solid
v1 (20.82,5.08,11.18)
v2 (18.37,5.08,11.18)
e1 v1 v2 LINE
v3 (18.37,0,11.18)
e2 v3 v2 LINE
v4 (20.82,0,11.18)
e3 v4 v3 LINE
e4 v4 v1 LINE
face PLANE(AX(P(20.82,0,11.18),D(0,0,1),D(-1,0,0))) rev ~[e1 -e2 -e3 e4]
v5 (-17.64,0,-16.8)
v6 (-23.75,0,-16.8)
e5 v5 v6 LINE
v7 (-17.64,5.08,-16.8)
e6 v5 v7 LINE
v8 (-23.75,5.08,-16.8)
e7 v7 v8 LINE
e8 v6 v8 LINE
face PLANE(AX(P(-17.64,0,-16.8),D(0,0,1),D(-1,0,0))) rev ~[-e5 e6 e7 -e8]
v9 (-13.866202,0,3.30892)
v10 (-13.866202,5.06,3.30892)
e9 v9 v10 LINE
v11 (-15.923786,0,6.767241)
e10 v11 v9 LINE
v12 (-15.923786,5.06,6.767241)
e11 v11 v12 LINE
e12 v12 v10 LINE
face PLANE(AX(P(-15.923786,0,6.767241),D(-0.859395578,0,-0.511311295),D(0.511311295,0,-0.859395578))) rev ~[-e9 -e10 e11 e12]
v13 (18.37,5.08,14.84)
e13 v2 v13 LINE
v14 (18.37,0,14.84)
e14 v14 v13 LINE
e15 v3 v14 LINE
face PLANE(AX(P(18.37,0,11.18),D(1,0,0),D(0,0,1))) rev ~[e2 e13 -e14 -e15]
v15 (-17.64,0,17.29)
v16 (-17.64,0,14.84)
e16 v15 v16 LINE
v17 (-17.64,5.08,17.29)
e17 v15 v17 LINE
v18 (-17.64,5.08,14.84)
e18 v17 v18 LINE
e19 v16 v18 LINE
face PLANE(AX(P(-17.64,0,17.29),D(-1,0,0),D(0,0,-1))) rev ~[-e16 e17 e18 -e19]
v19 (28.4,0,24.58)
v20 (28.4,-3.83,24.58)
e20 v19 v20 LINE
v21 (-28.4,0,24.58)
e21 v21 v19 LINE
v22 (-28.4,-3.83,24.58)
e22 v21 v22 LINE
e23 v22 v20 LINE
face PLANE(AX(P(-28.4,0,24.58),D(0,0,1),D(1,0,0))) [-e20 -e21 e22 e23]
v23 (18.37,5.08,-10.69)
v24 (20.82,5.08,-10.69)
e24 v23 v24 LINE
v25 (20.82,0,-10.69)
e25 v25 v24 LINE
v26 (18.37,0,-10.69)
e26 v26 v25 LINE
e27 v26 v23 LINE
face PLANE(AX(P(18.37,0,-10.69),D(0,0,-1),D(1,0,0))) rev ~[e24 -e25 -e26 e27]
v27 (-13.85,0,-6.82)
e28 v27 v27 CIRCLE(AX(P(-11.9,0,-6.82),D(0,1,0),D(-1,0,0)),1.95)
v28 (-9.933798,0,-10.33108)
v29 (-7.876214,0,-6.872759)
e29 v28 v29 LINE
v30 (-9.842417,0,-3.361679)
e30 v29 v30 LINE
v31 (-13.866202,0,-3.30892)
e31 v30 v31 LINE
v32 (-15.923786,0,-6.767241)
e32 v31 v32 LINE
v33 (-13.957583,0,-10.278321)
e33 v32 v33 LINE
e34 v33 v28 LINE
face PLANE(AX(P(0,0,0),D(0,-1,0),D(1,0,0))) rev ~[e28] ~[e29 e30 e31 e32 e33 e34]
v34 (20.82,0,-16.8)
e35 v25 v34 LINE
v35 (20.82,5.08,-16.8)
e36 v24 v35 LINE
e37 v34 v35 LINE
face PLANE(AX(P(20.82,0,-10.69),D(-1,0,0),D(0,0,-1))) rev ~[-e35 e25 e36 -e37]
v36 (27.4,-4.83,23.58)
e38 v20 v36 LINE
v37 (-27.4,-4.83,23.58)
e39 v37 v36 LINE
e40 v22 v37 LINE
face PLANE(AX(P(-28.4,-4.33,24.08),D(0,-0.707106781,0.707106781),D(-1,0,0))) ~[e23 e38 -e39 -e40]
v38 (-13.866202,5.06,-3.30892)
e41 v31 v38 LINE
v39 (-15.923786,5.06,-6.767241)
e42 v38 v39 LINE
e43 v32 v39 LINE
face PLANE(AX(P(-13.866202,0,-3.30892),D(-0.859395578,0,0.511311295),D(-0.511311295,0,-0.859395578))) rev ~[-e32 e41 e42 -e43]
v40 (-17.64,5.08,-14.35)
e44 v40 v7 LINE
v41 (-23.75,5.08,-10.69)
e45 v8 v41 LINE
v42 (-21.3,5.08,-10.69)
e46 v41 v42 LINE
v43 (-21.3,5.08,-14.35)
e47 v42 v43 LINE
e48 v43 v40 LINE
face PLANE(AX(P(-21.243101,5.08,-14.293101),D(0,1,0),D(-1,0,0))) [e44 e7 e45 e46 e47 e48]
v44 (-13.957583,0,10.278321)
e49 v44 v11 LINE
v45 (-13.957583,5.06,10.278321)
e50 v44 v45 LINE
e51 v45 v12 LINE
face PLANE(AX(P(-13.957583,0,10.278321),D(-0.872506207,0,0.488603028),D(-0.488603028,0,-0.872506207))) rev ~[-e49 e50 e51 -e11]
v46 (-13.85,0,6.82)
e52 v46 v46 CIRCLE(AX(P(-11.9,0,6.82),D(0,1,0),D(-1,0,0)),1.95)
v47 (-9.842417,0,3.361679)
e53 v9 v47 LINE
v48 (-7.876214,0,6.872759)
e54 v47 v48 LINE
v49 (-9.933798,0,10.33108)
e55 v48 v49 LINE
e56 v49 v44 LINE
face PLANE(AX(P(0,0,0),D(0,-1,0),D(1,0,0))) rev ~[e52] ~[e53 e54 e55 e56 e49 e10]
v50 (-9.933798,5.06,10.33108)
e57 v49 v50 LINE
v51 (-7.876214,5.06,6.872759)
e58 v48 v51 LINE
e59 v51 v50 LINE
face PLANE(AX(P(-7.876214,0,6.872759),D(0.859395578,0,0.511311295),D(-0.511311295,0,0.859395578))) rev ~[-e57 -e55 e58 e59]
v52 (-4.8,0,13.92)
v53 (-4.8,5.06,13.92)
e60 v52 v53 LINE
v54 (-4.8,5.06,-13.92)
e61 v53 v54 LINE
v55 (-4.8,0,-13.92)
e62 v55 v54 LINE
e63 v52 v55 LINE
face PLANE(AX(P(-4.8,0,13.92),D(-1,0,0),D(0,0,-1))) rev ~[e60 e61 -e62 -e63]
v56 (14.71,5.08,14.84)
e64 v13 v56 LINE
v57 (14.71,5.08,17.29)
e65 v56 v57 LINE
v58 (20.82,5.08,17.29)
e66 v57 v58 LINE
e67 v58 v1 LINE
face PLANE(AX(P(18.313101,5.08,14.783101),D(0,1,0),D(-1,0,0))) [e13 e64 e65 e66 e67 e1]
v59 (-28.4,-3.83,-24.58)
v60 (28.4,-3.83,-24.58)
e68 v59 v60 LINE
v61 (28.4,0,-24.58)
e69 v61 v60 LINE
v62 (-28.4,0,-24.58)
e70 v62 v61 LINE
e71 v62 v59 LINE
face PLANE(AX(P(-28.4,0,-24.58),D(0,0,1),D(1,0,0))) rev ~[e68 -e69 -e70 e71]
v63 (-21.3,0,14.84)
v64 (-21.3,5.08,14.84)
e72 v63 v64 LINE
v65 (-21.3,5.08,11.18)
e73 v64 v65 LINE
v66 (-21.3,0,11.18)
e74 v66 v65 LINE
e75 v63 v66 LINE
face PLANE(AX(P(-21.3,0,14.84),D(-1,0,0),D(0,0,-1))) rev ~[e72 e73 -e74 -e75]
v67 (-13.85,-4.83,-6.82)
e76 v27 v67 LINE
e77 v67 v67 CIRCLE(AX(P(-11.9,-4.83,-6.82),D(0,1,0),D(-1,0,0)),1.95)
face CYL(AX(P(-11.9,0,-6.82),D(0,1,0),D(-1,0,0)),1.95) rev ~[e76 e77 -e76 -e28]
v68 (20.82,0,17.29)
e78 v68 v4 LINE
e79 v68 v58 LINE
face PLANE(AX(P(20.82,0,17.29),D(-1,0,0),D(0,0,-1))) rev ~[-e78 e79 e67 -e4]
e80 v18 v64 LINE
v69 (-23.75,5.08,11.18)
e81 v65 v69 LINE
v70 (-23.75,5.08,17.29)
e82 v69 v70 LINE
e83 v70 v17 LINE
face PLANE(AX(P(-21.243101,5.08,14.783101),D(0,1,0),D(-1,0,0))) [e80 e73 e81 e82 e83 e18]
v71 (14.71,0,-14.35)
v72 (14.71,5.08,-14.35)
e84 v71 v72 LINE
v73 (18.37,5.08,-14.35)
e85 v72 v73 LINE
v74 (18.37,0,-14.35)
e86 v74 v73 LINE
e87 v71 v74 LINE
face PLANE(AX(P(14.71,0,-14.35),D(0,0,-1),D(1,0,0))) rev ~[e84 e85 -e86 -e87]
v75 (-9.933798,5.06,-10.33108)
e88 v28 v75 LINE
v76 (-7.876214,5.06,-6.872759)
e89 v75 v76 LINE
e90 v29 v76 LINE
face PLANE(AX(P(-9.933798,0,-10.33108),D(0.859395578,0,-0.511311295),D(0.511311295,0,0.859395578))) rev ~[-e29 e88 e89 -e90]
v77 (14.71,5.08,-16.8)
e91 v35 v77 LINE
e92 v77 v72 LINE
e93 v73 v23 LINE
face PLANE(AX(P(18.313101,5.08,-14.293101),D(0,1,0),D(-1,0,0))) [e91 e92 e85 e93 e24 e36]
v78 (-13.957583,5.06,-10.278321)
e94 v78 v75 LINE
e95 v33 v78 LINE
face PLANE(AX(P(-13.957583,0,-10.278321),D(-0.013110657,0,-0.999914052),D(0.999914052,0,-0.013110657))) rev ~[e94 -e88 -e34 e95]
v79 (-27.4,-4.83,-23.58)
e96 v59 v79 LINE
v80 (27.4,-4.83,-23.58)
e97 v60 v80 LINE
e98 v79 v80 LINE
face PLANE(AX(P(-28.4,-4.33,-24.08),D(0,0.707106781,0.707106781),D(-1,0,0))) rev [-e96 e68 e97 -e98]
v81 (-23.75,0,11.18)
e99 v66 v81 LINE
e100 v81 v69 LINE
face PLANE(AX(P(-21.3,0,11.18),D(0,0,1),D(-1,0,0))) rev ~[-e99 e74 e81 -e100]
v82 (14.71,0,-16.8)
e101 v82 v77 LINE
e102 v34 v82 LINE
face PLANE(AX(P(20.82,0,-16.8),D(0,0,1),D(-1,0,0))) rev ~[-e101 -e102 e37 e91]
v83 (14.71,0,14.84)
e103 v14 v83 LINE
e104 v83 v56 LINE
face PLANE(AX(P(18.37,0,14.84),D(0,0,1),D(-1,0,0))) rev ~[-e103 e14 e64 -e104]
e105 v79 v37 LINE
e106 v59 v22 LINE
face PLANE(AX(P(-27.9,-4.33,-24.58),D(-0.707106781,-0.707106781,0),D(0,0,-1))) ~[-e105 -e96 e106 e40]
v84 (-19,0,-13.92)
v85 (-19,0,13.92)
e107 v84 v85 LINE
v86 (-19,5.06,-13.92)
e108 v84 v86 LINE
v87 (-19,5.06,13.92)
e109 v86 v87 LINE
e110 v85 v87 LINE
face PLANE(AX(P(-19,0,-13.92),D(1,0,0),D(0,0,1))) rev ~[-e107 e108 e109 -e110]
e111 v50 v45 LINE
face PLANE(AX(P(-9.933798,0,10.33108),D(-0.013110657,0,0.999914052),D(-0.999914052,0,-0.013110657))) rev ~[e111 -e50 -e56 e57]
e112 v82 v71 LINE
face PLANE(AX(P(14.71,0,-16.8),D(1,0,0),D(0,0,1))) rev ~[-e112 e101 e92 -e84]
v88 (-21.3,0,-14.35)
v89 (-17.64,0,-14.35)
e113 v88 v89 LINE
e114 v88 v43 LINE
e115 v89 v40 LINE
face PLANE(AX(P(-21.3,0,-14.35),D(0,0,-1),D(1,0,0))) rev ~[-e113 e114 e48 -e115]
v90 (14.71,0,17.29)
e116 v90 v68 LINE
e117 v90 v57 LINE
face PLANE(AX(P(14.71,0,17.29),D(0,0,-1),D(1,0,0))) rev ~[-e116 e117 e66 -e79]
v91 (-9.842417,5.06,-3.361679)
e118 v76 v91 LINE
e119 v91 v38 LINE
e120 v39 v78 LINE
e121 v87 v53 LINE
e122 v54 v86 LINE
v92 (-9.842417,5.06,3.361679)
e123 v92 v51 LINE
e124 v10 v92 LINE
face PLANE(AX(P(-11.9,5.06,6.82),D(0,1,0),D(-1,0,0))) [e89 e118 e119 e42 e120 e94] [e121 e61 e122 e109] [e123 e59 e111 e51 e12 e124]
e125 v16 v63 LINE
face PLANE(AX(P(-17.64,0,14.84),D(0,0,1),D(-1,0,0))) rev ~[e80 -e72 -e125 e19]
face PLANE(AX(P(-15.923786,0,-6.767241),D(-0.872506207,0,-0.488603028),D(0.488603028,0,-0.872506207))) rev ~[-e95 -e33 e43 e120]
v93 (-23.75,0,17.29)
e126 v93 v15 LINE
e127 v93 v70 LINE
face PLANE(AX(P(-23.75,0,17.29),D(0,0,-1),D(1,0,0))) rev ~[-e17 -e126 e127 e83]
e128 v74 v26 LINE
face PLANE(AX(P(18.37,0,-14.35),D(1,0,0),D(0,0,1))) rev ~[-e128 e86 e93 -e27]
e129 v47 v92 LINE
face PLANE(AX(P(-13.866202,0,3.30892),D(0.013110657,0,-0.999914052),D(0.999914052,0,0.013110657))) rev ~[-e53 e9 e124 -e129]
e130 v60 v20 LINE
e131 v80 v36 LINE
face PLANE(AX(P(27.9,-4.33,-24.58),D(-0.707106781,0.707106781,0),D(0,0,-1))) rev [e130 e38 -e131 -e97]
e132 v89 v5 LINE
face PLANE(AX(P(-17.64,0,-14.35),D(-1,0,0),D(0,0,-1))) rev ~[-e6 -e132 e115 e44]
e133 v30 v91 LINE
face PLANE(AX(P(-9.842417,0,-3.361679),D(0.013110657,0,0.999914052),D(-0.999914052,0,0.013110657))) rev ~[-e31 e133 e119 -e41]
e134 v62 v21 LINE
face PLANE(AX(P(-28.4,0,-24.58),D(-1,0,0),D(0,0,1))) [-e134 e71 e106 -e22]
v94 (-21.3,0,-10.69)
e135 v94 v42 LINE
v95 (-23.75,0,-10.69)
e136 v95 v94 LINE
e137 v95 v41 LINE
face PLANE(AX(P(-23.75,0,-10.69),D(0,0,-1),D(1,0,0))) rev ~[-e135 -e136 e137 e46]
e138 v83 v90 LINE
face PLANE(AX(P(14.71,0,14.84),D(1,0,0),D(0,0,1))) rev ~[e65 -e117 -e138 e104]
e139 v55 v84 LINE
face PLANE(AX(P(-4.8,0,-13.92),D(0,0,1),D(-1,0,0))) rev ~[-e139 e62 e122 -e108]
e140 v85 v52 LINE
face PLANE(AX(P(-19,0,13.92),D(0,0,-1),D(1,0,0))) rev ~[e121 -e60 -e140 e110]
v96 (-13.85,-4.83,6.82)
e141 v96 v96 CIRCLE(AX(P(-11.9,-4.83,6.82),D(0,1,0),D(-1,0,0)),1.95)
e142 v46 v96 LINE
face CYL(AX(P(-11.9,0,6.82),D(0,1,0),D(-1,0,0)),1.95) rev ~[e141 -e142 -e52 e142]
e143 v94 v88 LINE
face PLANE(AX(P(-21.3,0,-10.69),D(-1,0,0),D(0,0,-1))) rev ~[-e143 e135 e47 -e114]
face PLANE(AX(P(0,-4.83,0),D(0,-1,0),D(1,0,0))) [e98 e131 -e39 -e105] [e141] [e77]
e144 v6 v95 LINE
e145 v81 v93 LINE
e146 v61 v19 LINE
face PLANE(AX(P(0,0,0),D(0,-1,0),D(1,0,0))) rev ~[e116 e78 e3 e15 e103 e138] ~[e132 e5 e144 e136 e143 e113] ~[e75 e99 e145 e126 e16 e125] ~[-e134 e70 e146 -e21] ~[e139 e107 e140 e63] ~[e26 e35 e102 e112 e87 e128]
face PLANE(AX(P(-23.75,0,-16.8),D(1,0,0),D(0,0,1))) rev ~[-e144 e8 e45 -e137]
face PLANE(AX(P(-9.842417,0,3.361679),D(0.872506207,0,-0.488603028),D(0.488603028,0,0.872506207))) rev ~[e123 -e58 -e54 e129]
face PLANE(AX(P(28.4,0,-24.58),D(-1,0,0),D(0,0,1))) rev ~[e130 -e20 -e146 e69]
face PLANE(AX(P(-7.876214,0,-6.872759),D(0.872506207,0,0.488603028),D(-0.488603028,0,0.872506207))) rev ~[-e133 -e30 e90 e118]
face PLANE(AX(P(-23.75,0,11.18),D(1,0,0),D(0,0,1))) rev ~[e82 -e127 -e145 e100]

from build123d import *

# Parameters (mm, degrees)
F0_W     = 56.8
F0_H     = 49.16
F1_DEPTH = 4.83
F2_SIZE  = 1
F4_DEPTH = 5.08
F5_R     = 1.95
F6_DEPTH = 25
F5_W     = 14.2
F5_H     = 13.64
F7_DEPTH = 5.06


with BuildPart() as f1:
    # F0 (on Front) → F1 (new body)
    with BuildSketch(Plane.XZ):
        Rectangle(F0_W, F0_H)
    extrude(amount=F1_DEPTH)

    # F2
    f2_edges = [f1.edges().sort_by_distance(p)[0] for p in [
        (28.4, -4.83, 0),
        (0, -4.83, 24.58),
        (-28.4, -4.83, 0),
        (0, -4.83, -24.58),
    ]]
    chamfer(f2_edges, length=F2_SIZE)

    # F3 (on face) → F4 (join)
    with BuildSketch(Plane(origin=(0, 0, 0), x_dir=(-1, 0, 0), z_dir=(0, 1, 0))):
        Polygon((23.75, 17.29), (17.64, 17.29), (17.64, 14.84), (21.3, 14.84), (21.3, 11.18), (23.75, 11.18), align=None)
        Polygon((-18.37, -10.69), (-20.82, -10.69), (-20.82, -16.8), (-14.71, -16.8), (-14.71, -14.35), (-18.37, -14.35), align=None)
        Polygon((23.75, -16.8), (23.75, -10.69), (21.3, -10.69), (21.3, -14.35), (17.64, -14.35), (17.64, -16.8), align=None)
        Polygon((-14.71, 17.29), (-20.82, 17.29), (-20.82, 11.18), (-18.37, 11.18), (-18.37, 14.84), (-14.71, 14.84), align=None)
    extrude(amount=F4_DEPTH)

    # F5 (on face) → F6 (cut)
    with BuildSketch(Plane(origin=(0, 0, 0), x_dir=(-1, 0, 0), z_dir=(0, 1, 0))):
        with Locations((11.9, 6.82)):
            Circle(F5_R)
        with Locations((11.9, -6.82)):
            Circle(F5_R)
    extrude(amount=-F6_DEPTH, mode=Mode.SUBTRACT)

    # F5 (on face) → F7 (join)
    with BuildSketch(Plane(origin=(0, 0, 0), x_dir=(-1, 0, 0), z_dir=(0, 1, 0))):
        Polygon((19, 0.28), (19, 13.92), (4.8, 13.92), (4.8, 0.28), (4.8, -0.28), (19, -0.28), align=None)
        Polygon((13.957583, 10.278321), (15.923786, 6.767241), (13.866202, 3.30892), (9.842417, 3.361679), (7.876214, 6.872759), (9.933798, 10.33108), align=None, mode=Mode.SUBTRACT)
        with Locations((11.9, -7.1)):
            Rectangle(F5_W, F5_H)
        Polygon((9.933798, -10.33108), (7.876214, -6.872759), (9.842417, -3.361679), (13.866202, -3.30892), (15.923786, -6.767241), (13.957583, -10.278321), align=None, mode=Mode.SUBTRACT)
    extrude(amount=F7_DEPTH)


solid = f1.part
